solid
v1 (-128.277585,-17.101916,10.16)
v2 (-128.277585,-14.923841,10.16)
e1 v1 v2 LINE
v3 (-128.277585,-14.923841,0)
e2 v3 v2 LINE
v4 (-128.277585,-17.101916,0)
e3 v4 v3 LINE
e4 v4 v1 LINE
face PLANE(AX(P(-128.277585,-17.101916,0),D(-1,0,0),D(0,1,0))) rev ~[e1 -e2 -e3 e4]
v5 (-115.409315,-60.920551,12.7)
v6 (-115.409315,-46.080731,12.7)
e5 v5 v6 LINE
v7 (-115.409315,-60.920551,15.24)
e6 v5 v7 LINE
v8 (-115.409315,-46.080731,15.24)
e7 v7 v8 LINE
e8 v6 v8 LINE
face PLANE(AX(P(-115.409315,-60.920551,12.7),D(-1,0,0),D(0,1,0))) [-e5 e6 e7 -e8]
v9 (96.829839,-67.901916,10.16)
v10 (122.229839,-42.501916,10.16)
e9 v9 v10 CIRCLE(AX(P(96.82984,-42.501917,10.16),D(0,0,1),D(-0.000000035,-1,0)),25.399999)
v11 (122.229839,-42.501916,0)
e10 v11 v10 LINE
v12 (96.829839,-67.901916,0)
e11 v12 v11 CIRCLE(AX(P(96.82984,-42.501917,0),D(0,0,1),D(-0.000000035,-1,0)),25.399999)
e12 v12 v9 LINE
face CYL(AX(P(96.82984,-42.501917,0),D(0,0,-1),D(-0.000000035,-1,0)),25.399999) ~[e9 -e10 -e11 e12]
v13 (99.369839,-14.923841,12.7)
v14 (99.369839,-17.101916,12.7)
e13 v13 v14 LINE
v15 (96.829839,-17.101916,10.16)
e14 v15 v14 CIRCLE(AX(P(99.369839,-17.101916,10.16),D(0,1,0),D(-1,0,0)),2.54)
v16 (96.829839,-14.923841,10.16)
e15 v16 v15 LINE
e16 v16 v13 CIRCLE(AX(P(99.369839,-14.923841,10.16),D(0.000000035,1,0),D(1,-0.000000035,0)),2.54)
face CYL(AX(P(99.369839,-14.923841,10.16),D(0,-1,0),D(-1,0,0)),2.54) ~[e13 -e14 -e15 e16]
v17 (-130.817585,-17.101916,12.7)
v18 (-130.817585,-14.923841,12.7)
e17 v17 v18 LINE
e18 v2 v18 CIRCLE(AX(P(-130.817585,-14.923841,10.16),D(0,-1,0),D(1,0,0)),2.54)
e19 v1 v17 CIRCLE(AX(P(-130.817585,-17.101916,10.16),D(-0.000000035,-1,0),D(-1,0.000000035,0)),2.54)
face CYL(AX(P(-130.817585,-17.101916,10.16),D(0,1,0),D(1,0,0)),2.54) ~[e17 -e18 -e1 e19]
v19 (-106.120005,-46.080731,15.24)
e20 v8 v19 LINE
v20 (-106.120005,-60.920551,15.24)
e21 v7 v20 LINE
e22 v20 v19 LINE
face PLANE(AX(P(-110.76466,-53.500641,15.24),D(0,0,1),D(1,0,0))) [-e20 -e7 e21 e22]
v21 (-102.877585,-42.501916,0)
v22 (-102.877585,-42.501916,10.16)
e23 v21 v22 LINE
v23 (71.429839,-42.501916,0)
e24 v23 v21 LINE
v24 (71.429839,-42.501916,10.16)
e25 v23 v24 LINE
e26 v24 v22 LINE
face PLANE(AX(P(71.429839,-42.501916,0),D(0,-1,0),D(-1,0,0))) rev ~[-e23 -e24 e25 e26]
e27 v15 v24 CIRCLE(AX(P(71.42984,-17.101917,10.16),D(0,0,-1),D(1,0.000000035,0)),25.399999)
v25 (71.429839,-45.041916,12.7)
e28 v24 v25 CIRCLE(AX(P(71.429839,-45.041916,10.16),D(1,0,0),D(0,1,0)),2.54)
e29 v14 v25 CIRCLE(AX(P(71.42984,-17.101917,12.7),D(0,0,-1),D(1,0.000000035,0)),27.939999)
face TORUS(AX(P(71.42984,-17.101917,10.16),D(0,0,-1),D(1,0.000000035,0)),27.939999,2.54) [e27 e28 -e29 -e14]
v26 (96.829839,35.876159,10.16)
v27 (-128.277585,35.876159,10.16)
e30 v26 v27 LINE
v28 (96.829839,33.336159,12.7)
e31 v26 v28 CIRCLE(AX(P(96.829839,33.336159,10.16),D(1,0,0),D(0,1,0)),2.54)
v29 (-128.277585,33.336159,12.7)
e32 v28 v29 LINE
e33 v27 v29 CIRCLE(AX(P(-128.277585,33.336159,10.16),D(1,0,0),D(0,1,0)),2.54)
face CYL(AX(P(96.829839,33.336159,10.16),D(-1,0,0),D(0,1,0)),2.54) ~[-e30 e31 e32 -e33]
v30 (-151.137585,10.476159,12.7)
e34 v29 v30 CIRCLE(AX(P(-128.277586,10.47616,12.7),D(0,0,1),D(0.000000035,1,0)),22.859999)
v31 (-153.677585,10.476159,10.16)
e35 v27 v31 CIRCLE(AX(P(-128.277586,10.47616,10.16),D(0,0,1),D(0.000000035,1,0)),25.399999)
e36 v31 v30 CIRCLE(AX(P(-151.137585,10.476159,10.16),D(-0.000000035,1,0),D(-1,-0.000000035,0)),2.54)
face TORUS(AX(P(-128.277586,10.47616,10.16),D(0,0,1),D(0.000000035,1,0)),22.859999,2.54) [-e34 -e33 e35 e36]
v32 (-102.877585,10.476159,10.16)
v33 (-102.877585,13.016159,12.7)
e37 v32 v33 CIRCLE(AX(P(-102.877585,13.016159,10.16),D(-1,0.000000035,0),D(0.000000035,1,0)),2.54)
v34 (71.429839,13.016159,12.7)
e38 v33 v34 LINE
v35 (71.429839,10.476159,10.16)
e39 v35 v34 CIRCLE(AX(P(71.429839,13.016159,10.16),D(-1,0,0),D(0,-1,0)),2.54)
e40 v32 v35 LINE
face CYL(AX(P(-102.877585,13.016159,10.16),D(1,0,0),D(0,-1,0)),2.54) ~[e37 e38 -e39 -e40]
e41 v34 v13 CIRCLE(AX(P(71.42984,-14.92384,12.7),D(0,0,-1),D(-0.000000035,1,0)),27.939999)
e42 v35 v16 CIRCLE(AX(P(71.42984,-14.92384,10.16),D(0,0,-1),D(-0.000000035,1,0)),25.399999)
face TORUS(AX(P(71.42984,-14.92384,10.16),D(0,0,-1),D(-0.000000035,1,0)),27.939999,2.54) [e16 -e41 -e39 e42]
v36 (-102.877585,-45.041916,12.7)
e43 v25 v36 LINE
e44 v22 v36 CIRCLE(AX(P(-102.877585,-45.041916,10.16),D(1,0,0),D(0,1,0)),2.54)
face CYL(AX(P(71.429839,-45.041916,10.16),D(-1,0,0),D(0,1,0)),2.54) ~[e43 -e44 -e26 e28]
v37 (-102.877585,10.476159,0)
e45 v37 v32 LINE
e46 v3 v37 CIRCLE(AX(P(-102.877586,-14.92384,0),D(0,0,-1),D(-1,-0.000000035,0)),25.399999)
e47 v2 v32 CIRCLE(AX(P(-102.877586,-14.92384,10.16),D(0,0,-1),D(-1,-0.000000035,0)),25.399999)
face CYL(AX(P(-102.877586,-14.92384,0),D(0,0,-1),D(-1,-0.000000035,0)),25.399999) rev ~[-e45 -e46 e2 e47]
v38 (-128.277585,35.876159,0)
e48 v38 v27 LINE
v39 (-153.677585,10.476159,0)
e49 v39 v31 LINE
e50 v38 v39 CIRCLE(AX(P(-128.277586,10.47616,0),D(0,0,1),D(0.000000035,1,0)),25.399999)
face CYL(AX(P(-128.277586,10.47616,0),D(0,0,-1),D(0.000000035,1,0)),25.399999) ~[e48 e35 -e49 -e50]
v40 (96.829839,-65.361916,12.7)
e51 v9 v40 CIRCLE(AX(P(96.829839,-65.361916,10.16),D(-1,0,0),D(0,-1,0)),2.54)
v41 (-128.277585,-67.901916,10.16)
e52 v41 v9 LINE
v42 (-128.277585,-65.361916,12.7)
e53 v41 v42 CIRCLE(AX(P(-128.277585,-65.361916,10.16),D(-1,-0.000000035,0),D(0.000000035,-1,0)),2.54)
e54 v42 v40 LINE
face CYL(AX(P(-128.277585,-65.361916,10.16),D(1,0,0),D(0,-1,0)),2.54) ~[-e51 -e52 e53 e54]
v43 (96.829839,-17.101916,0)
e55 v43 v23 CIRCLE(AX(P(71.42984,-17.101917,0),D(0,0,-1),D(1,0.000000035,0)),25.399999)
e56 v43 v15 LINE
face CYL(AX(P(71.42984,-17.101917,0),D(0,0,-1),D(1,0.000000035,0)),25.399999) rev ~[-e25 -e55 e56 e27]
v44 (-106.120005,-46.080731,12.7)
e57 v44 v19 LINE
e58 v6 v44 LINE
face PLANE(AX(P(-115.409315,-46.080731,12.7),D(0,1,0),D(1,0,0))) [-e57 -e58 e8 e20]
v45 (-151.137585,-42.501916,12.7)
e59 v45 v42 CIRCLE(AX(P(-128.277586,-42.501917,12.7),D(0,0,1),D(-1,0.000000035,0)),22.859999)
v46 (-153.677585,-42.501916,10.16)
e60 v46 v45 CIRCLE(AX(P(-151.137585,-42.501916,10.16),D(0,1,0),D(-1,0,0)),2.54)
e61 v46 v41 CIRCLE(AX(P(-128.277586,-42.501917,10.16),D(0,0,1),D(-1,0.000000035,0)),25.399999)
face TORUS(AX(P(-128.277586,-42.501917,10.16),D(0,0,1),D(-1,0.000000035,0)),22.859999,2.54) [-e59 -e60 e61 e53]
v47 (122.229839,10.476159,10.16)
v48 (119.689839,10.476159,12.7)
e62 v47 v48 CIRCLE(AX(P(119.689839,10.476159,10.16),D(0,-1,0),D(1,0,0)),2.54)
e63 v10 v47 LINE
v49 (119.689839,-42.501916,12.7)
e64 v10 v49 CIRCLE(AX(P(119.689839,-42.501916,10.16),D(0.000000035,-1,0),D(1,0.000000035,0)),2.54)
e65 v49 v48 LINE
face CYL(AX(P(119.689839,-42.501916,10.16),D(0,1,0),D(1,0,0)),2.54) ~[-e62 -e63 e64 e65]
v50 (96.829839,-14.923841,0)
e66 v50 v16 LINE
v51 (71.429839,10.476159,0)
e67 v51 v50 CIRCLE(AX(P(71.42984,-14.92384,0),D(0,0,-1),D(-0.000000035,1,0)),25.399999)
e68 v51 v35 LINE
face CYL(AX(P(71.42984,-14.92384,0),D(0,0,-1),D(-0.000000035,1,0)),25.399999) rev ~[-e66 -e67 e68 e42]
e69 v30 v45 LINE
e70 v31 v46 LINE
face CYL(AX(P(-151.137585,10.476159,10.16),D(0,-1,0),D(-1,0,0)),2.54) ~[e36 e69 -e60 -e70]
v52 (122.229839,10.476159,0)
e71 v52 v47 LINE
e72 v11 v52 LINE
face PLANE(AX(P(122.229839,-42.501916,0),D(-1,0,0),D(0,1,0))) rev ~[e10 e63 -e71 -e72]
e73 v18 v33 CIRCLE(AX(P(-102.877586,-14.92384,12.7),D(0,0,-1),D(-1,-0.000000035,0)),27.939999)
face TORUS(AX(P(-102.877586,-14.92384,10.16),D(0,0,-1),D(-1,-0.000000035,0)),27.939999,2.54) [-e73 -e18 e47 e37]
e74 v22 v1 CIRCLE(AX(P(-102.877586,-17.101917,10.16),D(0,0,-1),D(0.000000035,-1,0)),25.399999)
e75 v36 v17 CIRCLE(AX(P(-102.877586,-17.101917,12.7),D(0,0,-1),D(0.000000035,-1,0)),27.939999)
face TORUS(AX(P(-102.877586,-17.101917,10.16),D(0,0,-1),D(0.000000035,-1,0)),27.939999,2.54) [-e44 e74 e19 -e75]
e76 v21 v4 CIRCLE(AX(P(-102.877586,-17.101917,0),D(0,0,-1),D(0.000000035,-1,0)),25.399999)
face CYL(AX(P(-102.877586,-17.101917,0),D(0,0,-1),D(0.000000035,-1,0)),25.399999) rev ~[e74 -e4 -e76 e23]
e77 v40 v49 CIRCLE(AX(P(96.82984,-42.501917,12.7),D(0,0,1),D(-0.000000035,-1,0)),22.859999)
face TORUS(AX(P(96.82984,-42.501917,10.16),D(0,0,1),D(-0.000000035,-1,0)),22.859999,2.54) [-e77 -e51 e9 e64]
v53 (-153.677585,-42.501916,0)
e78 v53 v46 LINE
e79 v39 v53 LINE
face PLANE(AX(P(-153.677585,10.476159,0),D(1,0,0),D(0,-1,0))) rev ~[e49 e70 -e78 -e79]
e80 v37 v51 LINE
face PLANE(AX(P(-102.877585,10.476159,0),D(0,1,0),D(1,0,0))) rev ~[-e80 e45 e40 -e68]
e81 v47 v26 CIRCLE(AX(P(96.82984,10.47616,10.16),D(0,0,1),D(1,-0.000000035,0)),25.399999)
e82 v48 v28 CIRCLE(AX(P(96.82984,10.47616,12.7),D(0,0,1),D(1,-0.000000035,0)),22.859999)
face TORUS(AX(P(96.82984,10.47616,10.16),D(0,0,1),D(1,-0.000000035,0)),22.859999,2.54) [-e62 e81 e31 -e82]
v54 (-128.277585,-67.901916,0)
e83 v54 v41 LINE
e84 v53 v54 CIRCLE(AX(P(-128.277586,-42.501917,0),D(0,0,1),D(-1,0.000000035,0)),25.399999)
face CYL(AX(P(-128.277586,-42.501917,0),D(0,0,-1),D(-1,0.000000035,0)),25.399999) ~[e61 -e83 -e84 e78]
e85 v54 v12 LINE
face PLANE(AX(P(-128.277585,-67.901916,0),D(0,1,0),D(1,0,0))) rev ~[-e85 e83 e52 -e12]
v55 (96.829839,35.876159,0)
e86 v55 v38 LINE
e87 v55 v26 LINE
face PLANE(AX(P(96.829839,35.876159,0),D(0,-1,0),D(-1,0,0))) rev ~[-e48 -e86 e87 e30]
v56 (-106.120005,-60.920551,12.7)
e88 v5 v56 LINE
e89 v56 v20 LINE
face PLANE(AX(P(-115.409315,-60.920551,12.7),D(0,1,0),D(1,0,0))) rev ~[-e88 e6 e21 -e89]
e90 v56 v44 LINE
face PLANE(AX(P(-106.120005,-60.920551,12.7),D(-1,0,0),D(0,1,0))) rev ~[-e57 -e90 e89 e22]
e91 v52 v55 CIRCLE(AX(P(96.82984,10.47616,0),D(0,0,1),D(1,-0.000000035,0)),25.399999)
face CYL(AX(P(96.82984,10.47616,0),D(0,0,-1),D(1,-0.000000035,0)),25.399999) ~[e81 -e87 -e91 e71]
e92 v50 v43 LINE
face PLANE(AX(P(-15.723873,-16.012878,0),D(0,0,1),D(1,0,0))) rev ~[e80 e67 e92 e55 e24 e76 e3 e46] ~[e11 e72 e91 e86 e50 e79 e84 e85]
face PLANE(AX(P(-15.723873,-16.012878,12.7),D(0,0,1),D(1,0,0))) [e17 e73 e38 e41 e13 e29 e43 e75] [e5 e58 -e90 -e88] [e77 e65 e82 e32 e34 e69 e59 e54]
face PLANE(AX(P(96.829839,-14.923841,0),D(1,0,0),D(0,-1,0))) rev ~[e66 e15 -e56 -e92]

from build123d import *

# Parameters (mm, degrees)
F1_DEPTH = 12.7
F2_R     = 2.54
F3_W     = 9.28931
F3_H     = 14.83982
F4_DEPTH = 2.54


with BuildPart() as f1:
    # F0 (on Top) → F1 (new body)
    with BuildSketch(Plane.XY):
        with BuildLine():
            Line((96.829839, 35.876159), (-128.277585, 35.876159))
            ThreePointArc((-128.277585, 35.876159), (-146.238097, 28.436672), (-153.677585, 10.476159))
            Line((-153.677585, 10.476159), (-153.677585, -42.501916))
            ThreePointArc((-153.677585, -42.501916), (-146.238097, -60.462429), (-128.277585, -67.901916))
            Line((-128.277585, -67.901916), (96.829839, -67.901916))
            ThreePointArc((96.829839, -67.901916), (114.790351, -60.462429), (122.229839, -42.501916))
            Line((122.229839, -42.501916), (122.229839, 10.476159))
            ThreePointArc((122.229839, 10.476159), (114.790351, 28.436672), (96.829839, 35.876159))
        make_face()
        with BuildLine():
            Line((71.429839, -42.501916), (-102.877585, -42.501916))
            ThreePointArc((-102.877585, -42.501916), (-120.838097, -35.062429), (-128.277585, -17.101916))
            Line((-128.277585, -17.101916), (-128.277585, -14.923841))
            ThreePointArc((-128.277585, -14.923841), (-120.838097, 3.036672), (-102.877585, 10.476159))
            Line((-102.877585, 10.476159), (71.429839, 10.476159))
            ThreePointArc((71.429839, 10.476159), (89.390351, 3.036672), (96.829839, -14.923841))
            Line((96.829839, -14.923841), (96.829839, -17.101916))
            ThreePointArc((96.829839, -17.101916), (89.390351, -35.062429), (71.429839, -42.501916))
        make_face(mode=Mode.SUBTRACT)
    extrude(amount=F1_DEPTH)

    # F2
    f2_edges = [f1.edges().sort_by_distance(p)[0] for p in [
        (-15.723873, 35.876159, 12.7),
        (-146.238097, 28.436672, 12.7),
        (-153.677585, -16.012879, 12.7),
        (-146.238097, -60.462429, 12.7),
        (-15.723873, -67.901916, 12.7),
        (114.790351, -60.462429, 12.7),
        (122.229839, -16.012879, 12.7),
        (114.790351, 28.436672, 12.7),
        (-15.723873, -42.501916, 12.7),
        (-120.838097, -35.062429, 12.7),
        (-128.277585, -16.012879, 12.7),
        (-120.838097, 3.036672, 12.7),
        (-15.723873, 10.476159, 12.7),
        (89.390351, 3.036672, 12.7),
        (96.829839, -16.012879, 12.7),
        (89.390351, -35.062429, 12.7),
    ]]
    fillet(f2_edges, radius=F2_R)

    # F3 (on face) → F4 (join)
    with BuildSketch(Plane.XY.offset(12.7)):
        with Locations((-110.76466, -53.500641)):
            Rectangle(F3_W, F3_H)
    extrude(amount=F4_DEPTH)


solid = f1.part
